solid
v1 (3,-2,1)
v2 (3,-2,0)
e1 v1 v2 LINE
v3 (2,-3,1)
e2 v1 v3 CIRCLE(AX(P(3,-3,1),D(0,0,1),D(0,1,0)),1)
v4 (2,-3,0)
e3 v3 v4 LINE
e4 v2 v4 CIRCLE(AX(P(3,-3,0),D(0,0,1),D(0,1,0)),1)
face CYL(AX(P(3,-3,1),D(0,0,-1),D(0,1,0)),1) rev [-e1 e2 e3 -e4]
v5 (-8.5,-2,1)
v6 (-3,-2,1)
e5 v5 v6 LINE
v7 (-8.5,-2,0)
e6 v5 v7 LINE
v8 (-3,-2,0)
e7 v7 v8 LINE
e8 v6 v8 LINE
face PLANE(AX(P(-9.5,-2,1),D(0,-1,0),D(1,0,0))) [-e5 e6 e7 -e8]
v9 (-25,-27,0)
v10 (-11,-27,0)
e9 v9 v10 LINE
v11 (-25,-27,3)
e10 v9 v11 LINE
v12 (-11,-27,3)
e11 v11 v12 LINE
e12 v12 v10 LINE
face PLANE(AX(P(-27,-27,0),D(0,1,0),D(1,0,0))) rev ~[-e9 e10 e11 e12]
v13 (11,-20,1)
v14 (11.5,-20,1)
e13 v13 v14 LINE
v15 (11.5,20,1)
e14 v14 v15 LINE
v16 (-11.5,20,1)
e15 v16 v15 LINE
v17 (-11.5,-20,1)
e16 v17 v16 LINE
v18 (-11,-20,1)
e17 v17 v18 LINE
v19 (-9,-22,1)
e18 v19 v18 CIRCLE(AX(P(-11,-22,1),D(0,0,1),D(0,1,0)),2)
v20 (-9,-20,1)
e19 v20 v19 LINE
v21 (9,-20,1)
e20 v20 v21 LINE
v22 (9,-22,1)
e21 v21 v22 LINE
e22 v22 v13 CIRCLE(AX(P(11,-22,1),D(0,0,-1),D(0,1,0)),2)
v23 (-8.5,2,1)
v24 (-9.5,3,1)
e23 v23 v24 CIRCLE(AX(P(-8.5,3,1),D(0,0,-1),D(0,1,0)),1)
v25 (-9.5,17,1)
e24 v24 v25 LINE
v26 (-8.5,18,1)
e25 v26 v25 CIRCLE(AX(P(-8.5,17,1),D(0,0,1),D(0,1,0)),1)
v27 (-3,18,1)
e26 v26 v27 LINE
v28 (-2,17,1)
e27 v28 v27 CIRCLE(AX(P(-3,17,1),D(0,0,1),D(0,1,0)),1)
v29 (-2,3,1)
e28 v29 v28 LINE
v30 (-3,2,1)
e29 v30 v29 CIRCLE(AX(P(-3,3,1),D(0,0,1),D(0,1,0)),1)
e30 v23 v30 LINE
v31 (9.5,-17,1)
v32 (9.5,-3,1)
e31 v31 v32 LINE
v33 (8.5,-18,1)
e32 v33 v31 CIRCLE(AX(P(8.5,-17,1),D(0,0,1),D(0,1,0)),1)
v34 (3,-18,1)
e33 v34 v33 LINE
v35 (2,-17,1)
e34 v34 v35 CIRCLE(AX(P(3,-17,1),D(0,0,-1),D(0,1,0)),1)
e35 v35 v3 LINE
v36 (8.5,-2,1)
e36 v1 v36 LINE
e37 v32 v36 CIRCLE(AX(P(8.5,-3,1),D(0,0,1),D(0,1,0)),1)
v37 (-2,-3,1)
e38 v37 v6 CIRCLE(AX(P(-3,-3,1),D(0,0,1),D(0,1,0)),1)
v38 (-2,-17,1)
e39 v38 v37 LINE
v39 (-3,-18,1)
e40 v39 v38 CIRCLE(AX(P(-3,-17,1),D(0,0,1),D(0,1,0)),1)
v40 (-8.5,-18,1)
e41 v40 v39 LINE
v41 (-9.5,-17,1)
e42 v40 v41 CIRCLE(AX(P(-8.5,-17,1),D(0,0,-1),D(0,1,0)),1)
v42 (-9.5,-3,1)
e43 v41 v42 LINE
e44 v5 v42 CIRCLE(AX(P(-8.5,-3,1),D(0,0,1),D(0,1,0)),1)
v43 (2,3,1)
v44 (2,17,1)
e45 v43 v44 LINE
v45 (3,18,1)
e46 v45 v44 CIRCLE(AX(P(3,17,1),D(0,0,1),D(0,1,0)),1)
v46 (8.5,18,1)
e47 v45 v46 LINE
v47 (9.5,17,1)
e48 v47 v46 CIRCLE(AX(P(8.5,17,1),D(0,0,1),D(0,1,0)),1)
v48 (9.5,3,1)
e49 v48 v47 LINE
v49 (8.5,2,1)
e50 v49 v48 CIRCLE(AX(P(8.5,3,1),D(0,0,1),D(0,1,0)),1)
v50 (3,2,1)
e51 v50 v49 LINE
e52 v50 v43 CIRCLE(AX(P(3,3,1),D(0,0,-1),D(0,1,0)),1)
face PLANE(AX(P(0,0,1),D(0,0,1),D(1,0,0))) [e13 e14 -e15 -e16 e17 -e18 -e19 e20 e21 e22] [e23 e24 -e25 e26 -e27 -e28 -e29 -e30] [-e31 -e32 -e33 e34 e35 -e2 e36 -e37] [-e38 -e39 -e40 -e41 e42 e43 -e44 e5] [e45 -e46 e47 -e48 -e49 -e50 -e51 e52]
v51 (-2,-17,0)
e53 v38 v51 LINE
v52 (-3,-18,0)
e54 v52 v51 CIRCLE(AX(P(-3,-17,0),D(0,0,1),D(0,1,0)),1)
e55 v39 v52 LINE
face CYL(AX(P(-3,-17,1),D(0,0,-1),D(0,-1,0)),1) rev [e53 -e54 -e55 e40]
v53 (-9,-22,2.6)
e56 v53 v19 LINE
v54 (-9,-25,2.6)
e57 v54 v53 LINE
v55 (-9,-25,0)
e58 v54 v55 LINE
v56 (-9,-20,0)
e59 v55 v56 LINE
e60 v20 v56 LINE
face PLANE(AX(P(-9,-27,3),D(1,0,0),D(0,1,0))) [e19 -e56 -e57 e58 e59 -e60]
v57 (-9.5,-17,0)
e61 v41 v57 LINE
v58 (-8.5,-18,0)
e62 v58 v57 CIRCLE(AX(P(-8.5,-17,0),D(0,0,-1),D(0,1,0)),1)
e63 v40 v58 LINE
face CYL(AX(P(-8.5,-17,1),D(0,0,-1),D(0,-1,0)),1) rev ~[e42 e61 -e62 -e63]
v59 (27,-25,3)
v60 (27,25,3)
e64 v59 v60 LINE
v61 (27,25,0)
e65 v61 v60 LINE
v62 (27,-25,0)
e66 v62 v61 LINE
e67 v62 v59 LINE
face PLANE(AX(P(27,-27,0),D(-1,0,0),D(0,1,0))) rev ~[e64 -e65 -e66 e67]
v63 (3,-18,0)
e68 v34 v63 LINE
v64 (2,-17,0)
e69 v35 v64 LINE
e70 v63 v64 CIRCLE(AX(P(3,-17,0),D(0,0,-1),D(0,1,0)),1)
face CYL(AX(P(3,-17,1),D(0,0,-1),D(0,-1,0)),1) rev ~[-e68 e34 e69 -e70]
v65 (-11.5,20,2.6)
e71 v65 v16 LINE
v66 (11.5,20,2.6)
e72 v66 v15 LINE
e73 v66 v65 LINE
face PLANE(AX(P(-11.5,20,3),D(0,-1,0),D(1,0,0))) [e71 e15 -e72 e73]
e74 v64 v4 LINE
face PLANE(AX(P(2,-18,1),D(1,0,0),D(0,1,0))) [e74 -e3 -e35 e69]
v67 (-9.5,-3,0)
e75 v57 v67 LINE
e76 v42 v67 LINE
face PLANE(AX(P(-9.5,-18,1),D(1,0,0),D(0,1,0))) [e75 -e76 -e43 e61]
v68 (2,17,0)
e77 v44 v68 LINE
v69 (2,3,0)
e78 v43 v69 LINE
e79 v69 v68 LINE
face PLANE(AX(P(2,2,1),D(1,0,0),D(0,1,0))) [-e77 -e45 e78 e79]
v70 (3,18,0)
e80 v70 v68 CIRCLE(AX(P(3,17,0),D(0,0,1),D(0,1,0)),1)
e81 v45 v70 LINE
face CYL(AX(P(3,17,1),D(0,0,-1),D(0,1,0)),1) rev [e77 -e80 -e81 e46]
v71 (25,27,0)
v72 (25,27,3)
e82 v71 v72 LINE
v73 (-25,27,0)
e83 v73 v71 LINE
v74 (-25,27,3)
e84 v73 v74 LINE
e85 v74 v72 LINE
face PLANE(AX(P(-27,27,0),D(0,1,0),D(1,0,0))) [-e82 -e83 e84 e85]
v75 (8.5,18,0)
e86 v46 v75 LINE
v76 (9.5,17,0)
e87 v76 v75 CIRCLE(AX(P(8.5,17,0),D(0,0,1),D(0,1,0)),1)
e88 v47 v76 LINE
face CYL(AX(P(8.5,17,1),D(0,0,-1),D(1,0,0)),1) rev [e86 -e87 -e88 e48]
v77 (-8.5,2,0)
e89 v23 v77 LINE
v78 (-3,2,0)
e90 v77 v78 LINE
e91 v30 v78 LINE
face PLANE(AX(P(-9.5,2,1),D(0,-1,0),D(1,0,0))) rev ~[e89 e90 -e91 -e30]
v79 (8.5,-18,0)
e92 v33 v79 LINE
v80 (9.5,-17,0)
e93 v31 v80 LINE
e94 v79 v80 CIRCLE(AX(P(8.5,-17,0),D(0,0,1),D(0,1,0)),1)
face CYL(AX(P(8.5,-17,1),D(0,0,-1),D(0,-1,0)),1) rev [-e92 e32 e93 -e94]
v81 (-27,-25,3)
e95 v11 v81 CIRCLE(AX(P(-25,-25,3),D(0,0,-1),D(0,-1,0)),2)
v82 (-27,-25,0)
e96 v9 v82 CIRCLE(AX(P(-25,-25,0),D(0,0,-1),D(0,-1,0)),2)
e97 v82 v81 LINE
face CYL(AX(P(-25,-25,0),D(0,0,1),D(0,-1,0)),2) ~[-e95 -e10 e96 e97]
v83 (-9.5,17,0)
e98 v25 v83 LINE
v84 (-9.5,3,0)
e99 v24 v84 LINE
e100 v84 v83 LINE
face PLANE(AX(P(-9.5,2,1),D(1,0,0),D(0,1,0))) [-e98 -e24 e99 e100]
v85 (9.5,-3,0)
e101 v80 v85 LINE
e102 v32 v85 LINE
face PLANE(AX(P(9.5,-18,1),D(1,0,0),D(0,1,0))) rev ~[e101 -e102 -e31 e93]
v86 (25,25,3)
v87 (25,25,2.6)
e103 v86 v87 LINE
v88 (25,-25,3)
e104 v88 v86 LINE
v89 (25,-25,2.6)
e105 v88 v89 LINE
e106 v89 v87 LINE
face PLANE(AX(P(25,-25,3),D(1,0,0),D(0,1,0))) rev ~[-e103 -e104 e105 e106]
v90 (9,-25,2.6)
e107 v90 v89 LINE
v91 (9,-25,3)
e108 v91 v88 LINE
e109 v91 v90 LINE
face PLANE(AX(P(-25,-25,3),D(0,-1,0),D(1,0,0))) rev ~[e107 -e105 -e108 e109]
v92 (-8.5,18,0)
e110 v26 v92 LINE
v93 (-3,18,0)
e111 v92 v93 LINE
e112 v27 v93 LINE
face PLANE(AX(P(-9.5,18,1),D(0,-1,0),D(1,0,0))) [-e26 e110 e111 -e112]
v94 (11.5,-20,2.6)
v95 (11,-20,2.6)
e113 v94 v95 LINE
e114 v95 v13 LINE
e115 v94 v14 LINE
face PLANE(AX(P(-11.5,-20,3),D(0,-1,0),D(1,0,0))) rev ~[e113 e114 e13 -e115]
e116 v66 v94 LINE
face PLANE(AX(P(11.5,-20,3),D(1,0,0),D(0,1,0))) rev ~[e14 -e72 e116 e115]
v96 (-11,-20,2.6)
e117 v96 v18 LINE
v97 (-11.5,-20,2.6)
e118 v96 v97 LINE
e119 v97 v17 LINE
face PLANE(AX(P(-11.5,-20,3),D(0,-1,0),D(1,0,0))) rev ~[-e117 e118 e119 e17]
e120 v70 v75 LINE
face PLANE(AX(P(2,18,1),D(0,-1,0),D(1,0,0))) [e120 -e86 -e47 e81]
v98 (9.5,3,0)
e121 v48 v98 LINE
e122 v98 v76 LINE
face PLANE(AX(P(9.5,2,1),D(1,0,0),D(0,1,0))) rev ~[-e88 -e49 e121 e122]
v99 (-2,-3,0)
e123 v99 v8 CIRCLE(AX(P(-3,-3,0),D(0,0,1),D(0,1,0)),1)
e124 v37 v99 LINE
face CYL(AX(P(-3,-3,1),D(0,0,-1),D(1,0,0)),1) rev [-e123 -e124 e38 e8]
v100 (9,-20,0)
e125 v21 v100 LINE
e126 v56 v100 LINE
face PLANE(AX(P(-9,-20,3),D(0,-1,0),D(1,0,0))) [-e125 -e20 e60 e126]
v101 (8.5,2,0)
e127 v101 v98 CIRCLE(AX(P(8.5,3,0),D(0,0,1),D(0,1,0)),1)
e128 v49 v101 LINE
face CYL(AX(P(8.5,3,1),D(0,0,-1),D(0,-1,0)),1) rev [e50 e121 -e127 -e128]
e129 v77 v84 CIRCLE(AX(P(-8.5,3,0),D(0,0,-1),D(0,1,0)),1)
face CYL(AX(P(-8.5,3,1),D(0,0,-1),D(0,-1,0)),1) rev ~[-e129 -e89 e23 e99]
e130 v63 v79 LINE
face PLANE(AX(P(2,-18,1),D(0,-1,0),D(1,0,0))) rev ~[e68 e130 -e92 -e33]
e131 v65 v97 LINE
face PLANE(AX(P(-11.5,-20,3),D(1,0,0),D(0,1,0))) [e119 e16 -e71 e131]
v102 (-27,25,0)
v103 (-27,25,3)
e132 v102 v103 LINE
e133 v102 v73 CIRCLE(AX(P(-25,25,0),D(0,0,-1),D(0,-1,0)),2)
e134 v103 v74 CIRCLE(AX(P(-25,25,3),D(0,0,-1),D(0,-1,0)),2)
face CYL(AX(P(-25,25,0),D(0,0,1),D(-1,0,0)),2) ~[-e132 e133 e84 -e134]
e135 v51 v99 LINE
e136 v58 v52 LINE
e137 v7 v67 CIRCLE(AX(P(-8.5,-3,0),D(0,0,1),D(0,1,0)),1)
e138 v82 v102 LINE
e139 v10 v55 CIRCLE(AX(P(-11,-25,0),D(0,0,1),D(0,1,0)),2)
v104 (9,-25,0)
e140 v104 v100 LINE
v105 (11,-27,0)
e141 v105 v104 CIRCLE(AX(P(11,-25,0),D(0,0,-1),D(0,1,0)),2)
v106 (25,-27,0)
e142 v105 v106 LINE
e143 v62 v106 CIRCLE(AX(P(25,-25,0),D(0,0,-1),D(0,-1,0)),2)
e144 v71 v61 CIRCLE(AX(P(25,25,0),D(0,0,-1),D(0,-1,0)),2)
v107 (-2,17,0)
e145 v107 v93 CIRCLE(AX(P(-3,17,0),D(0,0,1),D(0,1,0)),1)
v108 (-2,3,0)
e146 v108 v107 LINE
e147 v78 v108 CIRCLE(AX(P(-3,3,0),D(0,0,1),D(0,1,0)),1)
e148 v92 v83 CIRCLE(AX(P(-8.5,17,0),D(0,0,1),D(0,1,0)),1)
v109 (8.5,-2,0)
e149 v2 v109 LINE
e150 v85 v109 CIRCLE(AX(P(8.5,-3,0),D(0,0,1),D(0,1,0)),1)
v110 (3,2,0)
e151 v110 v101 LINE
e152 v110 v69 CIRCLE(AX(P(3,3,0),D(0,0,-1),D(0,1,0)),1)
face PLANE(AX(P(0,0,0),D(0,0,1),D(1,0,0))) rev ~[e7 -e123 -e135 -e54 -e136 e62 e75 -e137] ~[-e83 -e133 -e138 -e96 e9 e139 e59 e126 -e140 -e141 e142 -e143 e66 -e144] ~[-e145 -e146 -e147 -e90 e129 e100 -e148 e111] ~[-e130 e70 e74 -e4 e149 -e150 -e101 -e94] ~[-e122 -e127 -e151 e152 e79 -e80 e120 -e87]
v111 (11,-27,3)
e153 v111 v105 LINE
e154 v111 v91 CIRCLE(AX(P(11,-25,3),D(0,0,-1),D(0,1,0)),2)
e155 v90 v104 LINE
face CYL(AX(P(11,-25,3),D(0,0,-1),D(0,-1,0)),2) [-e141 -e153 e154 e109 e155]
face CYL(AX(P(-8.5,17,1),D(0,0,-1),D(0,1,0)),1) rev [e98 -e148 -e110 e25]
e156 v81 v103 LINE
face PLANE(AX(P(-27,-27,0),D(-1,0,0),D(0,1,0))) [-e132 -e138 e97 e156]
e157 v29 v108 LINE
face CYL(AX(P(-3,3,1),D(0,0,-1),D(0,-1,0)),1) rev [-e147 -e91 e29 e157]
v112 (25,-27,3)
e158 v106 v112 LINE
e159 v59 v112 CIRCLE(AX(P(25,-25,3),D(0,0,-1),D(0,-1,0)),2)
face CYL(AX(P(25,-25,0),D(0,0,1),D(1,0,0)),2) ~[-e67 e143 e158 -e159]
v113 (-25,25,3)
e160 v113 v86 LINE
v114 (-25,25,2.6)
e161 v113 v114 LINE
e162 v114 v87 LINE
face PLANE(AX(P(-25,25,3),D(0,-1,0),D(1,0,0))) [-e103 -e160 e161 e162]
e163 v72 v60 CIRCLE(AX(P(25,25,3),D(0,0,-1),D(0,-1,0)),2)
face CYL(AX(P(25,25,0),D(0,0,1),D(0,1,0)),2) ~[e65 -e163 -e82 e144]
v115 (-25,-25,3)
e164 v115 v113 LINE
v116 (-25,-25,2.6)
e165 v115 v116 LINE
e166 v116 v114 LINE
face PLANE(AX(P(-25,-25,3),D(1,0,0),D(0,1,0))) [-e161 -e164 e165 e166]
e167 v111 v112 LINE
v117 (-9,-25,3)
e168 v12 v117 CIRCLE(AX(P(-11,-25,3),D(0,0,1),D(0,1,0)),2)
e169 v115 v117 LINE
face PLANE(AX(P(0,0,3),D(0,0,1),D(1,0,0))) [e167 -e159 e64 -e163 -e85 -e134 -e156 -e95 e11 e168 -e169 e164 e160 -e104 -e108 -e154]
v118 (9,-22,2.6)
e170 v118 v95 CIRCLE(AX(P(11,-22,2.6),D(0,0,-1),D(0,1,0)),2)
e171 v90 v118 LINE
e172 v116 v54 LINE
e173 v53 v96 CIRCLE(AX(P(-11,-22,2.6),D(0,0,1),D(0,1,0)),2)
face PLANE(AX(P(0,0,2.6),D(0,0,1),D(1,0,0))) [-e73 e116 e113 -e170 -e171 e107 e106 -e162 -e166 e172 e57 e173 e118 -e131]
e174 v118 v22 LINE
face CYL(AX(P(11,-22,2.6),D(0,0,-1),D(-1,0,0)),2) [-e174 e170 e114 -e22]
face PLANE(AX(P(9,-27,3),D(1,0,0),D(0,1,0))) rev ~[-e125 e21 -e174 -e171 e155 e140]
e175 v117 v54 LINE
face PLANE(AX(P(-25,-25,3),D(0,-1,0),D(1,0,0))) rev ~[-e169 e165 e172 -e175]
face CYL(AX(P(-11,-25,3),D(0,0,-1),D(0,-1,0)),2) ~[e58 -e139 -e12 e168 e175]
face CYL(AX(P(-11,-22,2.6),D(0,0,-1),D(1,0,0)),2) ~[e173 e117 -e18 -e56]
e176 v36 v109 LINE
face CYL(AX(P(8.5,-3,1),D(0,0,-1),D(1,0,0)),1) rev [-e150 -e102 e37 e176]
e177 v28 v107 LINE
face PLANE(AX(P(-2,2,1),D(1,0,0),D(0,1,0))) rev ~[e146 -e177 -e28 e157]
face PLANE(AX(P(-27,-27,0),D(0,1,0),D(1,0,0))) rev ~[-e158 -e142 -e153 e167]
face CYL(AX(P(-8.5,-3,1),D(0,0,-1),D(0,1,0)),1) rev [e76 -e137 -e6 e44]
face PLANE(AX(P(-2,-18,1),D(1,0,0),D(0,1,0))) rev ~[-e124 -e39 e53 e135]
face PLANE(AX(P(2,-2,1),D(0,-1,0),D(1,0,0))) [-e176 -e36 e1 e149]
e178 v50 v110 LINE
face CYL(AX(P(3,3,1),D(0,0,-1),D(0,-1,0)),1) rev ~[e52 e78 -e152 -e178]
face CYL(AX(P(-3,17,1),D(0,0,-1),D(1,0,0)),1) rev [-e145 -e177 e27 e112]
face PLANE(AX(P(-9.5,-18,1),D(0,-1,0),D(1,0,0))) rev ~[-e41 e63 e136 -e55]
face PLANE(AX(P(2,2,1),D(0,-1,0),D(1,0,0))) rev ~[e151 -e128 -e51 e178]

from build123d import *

# Parameters (mm, degrees)
SKETCH_1_W          = 54
SKETCH_1_H          = 54
EXTRUDE_1_DEPTH     = 3
SKETCH_2_W          = 23
SKETCH_2_H          = 40
CUT_EXTRUDE_1_DEPTH = 2
SKETCH_3_W          = 50
SKETCH_3_H          = 50
CUT_EXTRUDE_2_DEPTH = 0.4
SKETCH_4_W          = 18
SKETCH_4_H          = 7
CUT_EXTRUDE_3_DEPTH = 39.301436004
SKETCH_5_W          = 7.5
SKETCH_5_H          = 16
CUT_EXTRUDE_4_DEPTH = 39.236108589
FILLET_1_R          = 2
FILLET_2_R          = 1
FILLET_3_R          = 2


with BuildPart() as part:
    # Эскиз1 → Бобышка-Вытянуть1 (new body)
    with BuildSketch(Plane.XY):
        Rectangle(SKETCH_1_W, SKETCH_1_H)
    extrude(amount=EXTRUDE_1_DEPTH)

    # Эскиз2 → Вырез-Вытянуть1 (cut)
    with BuildSketch(Plane.XY.offset(3)):
        Rectangle(SKETCH_2_W, SKETCH_2_H)
    extrude(amount=-CUT_EXTRUDE_1_DEPTH, mode=Mode.SUBTRACT)

    # Эскиз3 → Вырез-Вытянуть2 (cut)
    with BuildSketch(Plane.XY.offset(3)):
        Rectangle(SKETCH_3_W, SKETCH_3_H)
    extrude(amount=-CUT_EXTRUDE_2_DEPTH, mode=Mode.SUBTRACT)

    # Эскиз4 → Вырез-Вытянуть3 (cut, through all)
    with BuildSketch(Plane.XY.offset(3)):
        with Locations((0, -23.5)):
            Rectangle(SKETCH_4_W, SKETCH_4_H)
    extrude(amount=-CUT_EXTRUDE_3_DEPTH, mode=Mode.SUBTRACT)

    # Эскиз5 → Вырез-Вытянуть4 (cut, through all)
    with BuildSketch(Plane.XY.offset(1)):
        with Locations((-5.75, 10)):
            Rectangle(SKETCH_5_W, SKETCH_5_H)
        with Locations((5.75, 10)):
            Rectangle(SKETCH_5_W, SKETCH_5_H)
        with Locations((-5.75, -10)):
            Rectangle(SKETCH_5_W, SKETCH_5_H)
        with Locations((5.75, -10)):
            Rectangle(SKETCH_5_W, SKETCH_5_H)
    extrude(amount=-CUT_EXTRUDE_4_DEPTH, mode=Mode.SUBTRACT)

    # Скругление1
    fillet_1_edges = [part.edges().sort_by_distance(p)[0] for p in [
        (9, -27, 1.5),
        (9, -20, 1.8),
        (-9, -27, 1.5),
        (-9, -20, 1.8),
    ]]
    fillet(fillet_1_edges, radius=FILLET_1_R)

    # Скругление2
    fillet_2_edges = [part.edges().sort_by_distance(p)[0] for p in [
        (2, -18, 0.5),
        (2, -2, 0.5),
        (9.5, -2, 0.5),
        (9.5, -18, 0.5),
        (-2, 18, 0.5),
        (-2, 2, 0.5),
        (-9.5, 2, 0.5),
        (-9.5, 18, 0.5),
        (9.5, 2, 0.5),
        (2, 2, 0.5),
        (2, 18, 0.5),
        (9.5, 18, 0.5),
        (-9.5, -2, 0.5),
        (-2, -2, 0.5),
        (-2, -18, 0.5),
        (-9.5, -18, 0.5),
    ]]
    fillet(fillet_2_edges, radius=FILLET_2_R)

    # Скругление3
    fillet_3_edges = [part.edges().sort_by_distance(p)[0] for p in [
        (27, -27, 1.5),
        (-27, -27, 1.5),
        (-27, 27, 1.5),
        (27, 27, 1.5),
    ]]
    fillet(fillet_3_edges, radius=FILLET_3_R)


solid = part.part
